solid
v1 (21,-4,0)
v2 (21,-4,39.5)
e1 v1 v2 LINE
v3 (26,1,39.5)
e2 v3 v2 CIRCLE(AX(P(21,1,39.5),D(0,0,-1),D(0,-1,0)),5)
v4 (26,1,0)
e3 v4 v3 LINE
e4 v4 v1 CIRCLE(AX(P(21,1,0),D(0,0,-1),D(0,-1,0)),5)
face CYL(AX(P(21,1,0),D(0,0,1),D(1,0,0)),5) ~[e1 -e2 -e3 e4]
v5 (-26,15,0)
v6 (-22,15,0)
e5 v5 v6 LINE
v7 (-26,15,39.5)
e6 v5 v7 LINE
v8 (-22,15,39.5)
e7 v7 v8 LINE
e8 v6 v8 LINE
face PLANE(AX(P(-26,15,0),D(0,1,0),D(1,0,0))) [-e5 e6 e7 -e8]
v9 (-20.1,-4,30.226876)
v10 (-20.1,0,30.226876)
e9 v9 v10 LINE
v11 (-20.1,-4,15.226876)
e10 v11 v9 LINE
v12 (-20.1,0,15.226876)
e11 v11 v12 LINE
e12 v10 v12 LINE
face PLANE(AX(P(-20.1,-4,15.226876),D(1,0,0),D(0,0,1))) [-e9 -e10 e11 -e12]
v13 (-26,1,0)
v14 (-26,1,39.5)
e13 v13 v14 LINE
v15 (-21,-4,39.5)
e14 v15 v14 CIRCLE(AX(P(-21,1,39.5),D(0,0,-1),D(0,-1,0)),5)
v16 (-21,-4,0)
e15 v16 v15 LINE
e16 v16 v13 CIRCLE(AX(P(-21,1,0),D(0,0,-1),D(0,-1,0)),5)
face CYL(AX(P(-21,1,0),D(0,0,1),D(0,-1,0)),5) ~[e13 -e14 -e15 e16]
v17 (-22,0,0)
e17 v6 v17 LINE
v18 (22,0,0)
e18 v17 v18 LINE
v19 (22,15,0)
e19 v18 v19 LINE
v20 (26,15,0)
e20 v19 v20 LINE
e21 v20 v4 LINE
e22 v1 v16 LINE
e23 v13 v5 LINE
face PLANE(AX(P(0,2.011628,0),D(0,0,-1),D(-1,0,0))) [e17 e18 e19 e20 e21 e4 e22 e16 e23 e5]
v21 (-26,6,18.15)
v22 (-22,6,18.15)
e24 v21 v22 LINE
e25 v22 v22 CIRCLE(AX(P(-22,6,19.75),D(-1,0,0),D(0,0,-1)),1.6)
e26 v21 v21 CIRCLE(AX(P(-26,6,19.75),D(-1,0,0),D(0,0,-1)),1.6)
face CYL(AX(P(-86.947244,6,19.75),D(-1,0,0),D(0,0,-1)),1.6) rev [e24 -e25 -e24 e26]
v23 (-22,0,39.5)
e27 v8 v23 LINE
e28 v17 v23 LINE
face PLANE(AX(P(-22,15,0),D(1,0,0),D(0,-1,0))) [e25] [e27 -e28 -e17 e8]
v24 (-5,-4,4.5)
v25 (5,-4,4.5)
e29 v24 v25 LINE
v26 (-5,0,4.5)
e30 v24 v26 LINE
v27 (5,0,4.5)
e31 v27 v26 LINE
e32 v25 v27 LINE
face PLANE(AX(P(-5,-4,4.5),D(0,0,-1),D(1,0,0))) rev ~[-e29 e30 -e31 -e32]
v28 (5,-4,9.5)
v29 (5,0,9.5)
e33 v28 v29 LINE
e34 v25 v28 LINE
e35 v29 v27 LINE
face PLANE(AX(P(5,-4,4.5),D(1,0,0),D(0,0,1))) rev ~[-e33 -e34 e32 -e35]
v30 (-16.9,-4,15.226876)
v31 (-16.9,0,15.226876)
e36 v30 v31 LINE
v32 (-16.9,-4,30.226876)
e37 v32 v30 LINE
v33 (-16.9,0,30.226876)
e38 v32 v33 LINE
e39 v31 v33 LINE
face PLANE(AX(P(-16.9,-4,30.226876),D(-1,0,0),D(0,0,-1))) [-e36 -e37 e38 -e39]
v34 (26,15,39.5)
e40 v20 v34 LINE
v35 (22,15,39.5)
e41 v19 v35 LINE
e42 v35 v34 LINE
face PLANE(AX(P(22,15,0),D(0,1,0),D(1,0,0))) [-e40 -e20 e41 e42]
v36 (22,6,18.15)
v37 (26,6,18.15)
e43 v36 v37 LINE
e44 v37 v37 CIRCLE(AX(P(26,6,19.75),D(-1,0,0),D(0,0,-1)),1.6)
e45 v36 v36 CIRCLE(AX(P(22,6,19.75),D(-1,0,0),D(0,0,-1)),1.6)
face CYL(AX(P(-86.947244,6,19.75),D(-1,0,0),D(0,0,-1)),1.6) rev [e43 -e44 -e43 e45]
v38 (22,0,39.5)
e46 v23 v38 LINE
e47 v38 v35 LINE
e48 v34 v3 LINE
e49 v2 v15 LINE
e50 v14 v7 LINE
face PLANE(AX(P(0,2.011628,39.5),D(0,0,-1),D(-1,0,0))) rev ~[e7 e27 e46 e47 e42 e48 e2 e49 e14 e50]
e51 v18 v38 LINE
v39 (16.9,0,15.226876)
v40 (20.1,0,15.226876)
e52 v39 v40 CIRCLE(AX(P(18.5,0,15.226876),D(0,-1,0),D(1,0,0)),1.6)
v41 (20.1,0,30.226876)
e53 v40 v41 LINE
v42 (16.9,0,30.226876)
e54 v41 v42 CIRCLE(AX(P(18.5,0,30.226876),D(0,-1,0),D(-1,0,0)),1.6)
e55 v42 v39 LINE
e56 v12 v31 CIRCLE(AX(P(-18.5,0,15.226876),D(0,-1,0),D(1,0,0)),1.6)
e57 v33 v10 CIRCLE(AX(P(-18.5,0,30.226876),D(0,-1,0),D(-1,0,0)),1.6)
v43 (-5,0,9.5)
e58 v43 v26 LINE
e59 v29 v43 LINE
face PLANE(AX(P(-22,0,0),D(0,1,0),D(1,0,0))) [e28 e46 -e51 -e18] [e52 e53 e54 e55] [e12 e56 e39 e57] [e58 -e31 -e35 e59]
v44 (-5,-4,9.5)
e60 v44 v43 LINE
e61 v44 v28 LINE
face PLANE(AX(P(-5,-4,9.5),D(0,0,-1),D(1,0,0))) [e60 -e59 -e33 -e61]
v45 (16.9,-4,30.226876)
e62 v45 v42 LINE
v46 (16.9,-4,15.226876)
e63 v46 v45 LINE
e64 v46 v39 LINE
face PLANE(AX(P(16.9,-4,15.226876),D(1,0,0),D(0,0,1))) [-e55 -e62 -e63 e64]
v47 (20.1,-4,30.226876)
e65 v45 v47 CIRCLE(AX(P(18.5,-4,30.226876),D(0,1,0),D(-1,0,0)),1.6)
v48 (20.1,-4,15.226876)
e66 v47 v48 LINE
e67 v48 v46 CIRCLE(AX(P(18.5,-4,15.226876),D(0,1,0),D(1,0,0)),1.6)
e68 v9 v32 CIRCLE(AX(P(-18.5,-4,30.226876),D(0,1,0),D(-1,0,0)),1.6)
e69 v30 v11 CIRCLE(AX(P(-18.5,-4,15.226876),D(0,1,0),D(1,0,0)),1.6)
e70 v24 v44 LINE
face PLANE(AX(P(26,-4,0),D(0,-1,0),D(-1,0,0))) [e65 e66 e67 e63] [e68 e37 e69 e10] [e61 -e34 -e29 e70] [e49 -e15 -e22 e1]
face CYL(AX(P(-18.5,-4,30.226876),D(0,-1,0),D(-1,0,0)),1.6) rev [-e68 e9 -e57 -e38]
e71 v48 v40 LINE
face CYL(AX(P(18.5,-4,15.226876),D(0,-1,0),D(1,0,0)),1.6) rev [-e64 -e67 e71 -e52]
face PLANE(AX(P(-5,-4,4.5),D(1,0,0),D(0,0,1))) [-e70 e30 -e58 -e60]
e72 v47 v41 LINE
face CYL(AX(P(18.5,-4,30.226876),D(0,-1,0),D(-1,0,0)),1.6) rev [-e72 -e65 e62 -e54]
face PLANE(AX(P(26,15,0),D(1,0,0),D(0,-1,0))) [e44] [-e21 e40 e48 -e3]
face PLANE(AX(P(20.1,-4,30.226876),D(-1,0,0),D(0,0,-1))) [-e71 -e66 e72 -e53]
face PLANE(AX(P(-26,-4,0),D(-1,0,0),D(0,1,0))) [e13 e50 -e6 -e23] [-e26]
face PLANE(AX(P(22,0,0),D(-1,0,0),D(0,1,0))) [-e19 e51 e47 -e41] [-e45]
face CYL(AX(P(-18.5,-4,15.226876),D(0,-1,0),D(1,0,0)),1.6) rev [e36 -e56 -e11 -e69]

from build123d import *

# Parameters (mm, degrees)
BOSS_EXTRU_1_DEPTH      = 39.5
ESQUISSE3_W             = 10
ESQUISSE3_H             = 5
ENL_V_MAT_EXTRU_1_DEPTH = 51.963222033
CUT_EXTRUDE1_DEPTH      = 64.947243881
CUT_EXTRUDE1_DEPTH_BACK = 64.947243881
SKETCH1_R               = 1.6
CUT_EXTRUDE2_DEPTH      = 51.963222033
FILLET1_R               = 5


with BuildPart() as part:
    # Esquisse1 → Boss.-Extru.1 (new body)
    with BuildSketch(Plane.XY):
        Polygon((-22, 0), (22, 0), (22, 15), (26, 15), (26, -4), (-26, -4), (-26, 15), (-22, 15), align=None)
    extrude(amount=BOSS_EXTRU_1_DEPTH)

    # Esquisse3 → Enlèv. mat.-Extru.1 (cut, through all)
    with BuildSketch(Plane.XZ.offset(4)):
        with Locations((0, 7)):
            Rectangle(ESQUISSE3_W, ESQUISSE3_H)
    extrude(amount=-ENL_V_MAT_EXTRU_1_DEPTH, mode=Mode.SUBTRACT)

    # Sketch1 → Cut-Extrude1 (cut, two sides: drawn at the far end of the back side and taken through both)
    with BuildSketch(Plane(origin=(-22, 0, 0), x_dir=(0, 0, -1), z_dir=(1, 0, 0)).offset(-CUT_EXTRUDE1_DEPTH_BACK)):
        with Locations((-19.75, 6)):
            Circle(SKETCH1_R)
    extrude(amount=CUT_EXTRUDE1_DEPTH + CUT_EXTRUDE1_DEPTH_BACK, mode=Mode.SUBTRACT)

    # Sketch2 → Cut-Extrude2 (cut, through all)
    with BuildSketch(Plane.XZ.offset(4)):
        with BuildLine():
            Line((-16.9, 30.226876468), (-16.9, 15.226876468))
            ThreePointArc((-16.9, 15.226876468), (-18.5, 13.626876468), (-20.1, 15.226876468))
            Line((-20.1, 15.226876468), (-20.1, 30.226876468))
            ThreePointArc((-20.1, 30.226876468), (-18.5, 31.826876468), (-16.9, 30.226876468))
        make_face()
        with BuildLine():
            Line((20.1, 30.226876468), (20.1, 15.226876468))
            ThreePointArc((20.1, 15.226876468), (18.5, 13.626876468), (16.9, 15.226876468))
            Line((16.9, 15.226876468), (16.9, 30.226876468))
            ThreePointArc((16.9, 30.226876468), (18.5, 31.826876468), (20.1, 30.226876468))
        make_face()
    extrude(amount=-CUT_EXTRUDE2_DEPTH, mode=Mode.SUBTRACT)

    # Fillet1
    fillet1_edges = [part.edges().sort_by_distance(p)[0] for p in [
        (26, -4, 19.75),
        (-26, -4, 19.75),
    ]]
    fillet(fillet1_edges, radius=FILLET1_R)


solid = part.part
